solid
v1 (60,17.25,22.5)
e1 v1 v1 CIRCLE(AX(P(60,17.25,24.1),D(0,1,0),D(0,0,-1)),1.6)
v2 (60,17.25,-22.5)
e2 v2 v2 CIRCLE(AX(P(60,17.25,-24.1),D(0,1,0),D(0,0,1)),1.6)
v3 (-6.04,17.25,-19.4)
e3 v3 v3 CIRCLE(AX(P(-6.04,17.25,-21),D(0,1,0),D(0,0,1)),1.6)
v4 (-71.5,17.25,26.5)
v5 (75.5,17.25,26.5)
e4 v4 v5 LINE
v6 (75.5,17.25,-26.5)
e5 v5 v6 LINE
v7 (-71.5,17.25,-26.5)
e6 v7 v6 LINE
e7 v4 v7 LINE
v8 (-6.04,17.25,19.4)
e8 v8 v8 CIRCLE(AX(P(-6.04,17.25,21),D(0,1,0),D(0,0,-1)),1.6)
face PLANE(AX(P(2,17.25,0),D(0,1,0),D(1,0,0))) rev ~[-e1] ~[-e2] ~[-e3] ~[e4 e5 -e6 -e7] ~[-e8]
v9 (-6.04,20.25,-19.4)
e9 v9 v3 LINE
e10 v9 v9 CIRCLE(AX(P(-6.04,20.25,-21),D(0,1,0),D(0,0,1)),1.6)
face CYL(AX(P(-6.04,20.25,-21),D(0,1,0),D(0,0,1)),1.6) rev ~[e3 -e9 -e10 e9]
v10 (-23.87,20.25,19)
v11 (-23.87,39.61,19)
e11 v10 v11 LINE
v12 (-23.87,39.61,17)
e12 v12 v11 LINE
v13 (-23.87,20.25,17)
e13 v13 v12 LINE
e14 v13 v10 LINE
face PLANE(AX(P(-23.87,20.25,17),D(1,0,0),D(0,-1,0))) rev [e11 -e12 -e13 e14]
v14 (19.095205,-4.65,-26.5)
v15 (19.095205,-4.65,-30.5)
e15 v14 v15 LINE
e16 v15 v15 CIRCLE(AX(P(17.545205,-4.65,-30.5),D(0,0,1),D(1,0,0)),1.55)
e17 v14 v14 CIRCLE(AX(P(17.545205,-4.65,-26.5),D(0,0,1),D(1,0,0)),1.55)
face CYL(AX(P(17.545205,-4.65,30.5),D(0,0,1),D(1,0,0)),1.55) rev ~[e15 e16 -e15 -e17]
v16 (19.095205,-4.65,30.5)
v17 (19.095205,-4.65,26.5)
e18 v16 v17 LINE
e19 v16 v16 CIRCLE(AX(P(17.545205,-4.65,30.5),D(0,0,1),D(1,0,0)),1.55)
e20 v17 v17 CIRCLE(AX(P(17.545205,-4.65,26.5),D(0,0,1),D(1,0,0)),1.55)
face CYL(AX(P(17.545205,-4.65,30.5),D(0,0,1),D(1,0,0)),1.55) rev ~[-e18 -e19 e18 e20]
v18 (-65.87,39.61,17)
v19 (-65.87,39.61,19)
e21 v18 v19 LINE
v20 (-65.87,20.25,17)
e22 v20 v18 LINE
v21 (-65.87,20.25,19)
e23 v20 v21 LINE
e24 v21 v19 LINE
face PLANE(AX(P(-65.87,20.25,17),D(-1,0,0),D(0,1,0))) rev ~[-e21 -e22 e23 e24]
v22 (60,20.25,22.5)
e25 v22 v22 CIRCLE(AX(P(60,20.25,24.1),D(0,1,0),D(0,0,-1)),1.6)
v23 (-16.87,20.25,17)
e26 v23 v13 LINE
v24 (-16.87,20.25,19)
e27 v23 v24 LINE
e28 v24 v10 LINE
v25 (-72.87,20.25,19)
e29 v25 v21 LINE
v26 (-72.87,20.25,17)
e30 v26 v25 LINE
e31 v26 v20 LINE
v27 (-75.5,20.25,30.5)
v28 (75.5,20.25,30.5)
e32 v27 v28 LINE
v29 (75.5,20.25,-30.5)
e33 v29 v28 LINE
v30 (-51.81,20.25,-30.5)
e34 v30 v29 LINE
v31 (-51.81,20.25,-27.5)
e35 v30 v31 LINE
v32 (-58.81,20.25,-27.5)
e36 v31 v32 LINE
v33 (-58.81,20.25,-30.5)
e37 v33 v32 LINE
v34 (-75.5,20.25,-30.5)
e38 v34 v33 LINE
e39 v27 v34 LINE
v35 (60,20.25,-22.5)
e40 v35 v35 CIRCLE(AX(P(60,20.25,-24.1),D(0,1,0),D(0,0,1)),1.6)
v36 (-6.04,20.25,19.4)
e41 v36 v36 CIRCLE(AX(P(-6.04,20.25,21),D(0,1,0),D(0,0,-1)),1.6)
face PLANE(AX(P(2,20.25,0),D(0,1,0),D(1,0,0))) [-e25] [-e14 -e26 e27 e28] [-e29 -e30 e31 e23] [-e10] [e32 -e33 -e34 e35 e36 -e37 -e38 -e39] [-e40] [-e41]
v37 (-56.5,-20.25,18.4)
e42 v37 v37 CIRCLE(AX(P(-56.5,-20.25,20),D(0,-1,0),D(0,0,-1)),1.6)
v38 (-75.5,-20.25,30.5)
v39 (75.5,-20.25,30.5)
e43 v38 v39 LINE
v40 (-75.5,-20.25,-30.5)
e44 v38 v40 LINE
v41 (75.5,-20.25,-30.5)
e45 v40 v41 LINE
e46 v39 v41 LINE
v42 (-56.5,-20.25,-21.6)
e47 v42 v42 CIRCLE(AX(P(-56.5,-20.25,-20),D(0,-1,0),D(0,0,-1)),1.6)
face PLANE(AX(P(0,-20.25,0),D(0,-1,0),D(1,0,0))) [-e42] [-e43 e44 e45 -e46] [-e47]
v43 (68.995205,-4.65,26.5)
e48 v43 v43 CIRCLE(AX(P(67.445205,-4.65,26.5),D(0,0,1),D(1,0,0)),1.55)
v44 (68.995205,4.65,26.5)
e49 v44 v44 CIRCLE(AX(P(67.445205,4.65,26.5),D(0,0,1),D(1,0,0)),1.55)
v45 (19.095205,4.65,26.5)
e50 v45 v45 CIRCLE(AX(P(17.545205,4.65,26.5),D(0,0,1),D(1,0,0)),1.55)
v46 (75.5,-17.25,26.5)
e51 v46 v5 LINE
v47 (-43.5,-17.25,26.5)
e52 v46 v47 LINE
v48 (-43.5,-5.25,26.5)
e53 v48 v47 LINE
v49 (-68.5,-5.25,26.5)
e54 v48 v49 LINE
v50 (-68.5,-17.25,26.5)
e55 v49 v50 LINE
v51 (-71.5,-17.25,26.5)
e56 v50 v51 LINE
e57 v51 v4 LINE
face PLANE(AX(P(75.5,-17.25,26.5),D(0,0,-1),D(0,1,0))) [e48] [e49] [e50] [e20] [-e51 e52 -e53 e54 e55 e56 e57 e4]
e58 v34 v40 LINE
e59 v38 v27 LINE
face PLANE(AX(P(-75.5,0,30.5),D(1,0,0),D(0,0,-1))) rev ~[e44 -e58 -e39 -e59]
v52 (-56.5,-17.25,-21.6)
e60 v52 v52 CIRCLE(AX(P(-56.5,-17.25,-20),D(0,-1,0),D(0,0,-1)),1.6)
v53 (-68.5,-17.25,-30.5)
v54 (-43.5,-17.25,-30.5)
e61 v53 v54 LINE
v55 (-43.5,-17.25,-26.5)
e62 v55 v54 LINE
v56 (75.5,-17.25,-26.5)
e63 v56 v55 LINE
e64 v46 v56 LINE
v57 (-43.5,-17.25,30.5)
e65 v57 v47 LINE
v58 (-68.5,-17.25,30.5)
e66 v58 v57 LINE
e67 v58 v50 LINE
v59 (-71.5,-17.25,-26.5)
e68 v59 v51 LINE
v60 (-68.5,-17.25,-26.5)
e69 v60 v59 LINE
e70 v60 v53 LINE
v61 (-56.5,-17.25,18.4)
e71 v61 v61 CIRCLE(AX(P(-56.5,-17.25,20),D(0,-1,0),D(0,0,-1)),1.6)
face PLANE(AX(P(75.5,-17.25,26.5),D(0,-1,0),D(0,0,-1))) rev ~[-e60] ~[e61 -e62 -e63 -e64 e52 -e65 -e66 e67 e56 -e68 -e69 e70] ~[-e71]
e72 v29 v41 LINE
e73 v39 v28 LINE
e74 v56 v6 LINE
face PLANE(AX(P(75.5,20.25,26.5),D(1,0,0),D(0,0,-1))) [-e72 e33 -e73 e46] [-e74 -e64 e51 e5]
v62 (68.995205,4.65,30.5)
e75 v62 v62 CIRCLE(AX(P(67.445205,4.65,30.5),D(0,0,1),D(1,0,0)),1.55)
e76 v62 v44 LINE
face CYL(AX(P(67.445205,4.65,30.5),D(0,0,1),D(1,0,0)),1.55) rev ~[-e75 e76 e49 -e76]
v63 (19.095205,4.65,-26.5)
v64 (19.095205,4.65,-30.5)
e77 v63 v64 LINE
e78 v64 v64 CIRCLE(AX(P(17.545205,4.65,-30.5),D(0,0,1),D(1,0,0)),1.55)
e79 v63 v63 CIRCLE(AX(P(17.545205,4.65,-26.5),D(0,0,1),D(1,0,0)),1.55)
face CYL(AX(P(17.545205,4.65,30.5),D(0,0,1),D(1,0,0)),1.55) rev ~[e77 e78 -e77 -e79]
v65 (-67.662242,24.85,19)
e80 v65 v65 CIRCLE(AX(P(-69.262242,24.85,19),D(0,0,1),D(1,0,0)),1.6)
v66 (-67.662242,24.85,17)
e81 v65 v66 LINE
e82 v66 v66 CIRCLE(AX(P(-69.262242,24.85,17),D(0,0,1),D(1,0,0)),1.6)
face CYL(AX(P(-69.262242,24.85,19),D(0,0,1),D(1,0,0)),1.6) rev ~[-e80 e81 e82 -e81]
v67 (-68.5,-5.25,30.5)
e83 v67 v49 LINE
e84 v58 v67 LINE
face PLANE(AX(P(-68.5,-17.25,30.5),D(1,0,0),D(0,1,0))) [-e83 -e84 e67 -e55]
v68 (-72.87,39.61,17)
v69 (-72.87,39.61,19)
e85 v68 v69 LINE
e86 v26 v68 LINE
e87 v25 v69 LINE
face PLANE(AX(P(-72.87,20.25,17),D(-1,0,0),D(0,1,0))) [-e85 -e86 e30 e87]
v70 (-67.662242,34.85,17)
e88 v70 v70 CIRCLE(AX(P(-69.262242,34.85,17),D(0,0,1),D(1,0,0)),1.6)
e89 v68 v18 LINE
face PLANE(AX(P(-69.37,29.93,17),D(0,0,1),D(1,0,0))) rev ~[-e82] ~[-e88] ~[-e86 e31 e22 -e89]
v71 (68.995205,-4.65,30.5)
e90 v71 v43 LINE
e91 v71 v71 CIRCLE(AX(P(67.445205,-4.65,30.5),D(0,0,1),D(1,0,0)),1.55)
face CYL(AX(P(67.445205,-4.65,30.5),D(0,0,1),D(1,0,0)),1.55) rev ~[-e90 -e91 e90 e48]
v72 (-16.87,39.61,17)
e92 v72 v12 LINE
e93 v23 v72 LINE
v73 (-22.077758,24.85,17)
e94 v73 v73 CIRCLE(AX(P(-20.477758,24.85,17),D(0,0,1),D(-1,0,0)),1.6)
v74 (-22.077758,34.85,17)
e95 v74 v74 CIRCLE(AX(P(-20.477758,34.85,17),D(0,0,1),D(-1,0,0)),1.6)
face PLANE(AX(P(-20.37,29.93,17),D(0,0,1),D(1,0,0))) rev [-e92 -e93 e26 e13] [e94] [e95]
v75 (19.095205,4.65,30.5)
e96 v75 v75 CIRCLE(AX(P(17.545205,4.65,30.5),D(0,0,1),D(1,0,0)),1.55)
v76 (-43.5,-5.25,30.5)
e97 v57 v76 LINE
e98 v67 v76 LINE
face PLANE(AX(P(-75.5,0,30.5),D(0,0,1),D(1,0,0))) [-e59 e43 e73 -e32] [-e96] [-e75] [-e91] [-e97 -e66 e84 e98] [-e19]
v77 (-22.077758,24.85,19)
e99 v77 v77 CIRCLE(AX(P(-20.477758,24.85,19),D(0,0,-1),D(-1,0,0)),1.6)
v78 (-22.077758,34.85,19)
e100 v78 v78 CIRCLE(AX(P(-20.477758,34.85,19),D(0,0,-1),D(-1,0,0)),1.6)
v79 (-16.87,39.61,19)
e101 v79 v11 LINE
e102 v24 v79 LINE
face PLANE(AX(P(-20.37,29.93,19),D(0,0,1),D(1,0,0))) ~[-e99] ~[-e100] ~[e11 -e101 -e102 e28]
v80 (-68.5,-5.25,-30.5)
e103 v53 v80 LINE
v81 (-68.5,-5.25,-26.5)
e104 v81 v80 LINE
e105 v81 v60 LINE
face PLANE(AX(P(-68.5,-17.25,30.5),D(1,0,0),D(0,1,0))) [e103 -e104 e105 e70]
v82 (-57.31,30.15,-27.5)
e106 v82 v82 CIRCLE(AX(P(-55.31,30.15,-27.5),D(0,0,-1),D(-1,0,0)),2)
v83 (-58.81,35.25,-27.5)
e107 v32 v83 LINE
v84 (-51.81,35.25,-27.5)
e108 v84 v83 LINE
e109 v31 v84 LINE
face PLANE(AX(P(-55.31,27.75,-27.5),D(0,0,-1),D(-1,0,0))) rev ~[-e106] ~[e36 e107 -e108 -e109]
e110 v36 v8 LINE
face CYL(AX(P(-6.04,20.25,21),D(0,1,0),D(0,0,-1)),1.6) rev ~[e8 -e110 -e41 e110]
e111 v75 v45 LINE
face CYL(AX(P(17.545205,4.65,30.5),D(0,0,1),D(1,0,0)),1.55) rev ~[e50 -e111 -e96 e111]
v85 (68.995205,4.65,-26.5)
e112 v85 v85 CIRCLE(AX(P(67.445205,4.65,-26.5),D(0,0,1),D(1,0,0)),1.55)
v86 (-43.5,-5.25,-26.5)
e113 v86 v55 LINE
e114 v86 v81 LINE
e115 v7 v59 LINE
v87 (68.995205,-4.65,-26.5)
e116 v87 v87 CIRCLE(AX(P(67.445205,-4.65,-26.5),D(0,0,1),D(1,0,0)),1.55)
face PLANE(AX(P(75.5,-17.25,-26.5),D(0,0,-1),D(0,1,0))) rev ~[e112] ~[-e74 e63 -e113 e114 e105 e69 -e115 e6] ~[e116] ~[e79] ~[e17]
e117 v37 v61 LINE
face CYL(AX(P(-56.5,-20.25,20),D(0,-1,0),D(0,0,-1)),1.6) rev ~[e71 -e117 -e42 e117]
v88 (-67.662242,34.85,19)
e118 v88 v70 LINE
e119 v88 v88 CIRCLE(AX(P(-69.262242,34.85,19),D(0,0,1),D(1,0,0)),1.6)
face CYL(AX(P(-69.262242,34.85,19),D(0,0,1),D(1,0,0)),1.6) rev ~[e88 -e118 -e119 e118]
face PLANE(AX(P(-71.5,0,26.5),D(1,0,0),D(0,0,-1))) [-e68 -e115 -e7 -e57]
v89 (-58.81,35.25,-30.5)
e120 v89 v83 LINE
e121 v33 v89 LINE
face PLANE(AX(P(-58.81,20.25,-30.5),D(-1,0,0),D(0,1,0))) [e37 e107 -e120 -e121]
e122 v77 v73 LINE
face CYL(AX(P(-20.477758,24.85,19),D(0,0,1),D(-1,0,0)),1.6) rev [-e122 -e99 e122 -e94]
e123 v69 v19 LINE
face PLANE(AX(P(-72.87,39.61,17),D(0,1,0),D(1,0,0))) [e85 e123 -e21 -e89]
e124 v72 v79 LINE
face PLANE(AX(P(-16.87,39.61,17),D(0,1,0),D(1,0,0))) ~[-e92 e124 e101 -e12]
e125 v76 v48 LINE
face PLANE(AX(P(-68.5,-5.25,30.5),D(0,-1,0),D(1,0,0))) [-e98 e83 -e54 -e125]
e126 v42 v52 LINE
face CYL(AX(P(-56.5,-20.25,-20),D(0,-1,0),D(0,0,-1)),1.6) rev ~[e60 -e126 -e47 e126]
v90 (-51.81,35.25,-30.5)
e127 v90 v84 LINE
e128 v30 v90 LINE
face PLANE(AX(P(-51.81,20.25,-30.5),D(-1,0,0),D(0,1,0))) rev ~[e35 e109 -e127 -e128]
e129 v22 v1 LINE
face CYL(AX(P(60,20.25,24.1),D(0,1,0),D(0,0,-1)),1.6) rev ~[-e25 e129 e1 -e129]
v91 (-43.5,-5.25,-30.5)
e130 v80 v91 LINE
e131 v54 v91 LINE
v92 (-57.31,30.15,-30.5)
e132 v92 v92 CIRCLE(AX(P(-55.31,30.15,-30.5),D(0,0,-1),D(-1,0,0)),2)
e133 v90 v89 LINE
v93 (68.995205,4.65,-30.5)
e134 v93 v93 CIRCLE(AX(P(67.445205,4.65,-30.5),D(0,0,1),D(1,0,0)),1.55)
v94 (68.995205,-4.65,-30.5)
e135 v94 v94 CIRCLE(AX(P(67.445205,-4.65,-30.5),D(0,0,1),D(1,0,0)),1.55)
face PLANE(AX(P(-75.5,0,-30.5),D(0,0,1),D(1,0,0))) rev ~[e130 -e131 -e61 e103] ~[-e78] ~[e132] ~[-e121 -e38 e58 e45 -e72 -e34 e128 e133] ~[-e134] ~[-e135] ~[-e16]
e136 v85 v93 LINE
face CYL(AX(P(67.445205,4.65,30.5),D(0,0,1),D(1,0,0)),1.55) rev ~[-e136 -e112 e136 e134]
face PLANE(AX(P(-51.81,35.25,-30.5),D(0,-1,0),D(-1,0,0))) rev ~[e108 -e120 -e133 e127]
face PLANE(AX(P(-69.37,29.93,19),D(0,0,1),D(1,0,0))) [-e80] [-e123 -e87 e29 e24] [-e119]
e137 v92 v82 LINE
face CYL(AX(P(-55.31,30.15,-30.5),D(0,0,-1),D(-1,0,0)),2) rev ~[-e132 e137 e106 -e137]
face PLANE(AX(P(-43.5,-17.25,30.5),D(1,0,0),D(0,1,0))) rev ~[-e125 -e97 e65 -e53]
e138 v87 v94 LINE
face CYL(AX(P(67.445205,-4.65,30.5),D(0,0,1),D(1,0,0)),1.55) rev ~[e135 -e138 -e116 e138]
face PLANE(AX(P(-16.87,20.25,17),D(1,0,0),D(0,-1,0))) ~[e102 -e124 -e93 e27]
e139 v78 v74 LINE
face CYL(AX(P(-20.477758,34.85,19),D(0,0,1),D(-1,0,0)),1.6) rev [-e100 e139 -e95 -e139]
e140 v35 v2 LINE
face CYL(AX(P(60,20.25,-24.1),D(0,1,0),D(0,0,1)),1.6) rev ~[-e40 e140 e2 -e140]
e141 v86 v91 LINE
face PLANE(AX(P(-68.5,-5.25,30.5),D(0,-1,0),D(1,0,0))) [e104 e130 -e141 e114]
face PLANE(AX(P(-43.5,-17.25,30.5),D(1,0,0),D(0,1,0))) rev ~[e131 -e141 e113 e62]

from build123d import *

# Parameters (mm, degrees)
SKETCH1_W           = 151
SKETCH1_H           = 61
SKETCH1_W_2         = 143
SKETCH1_H_2         = 53
BOSS_EXTRUDE1_DEPTH = 20.25
SKETCH2_W           = 143
SKETCH2_H           = 53
BOSS_EXTRUDE2_DEPTH = 3
SKETCH7_W           = 53
SKETCH7_H           = 37.5
CUT_EXTRUDE3_DEPTH  = 4
SKETCH9_W           = 147
SKETCH9_H           = 53
BOSS_EXTRUDE3_DEPTH = 3
CUT_EXTRUDE4_REACH  = 92.944
SKETCH10_R          = 1.6
SKETCH12_R          = 1.55
CUT_EXTRUDE6_DEPTH  = 100.152975245
SKETCH13_W          = 7
SKETCH13_H          = 19.36
BOSS_EXTRUDE4_DEPTH = 2
SKETCH16_R          = 1.6
CUT_EXTRUDE7_DEPTH  = 10
SKETCH17_W          = 7
SKETCH17_H          = 15
SKETCH17_R          = 2
BOSS_EXTRUDE5_DEPTH = 3
SKETCH18_R          = 1.6
CUT_EXTRUDE8_DEPTH  = 10
SKETCH19_W          = 25
SKETCH19_H          = 12
CUT_EXTRUDE9_DEPTH  = 105.834164756


with BuildPart() as part:
    # Sketch1 → Boss-Extrude1 (new, symmetric)
    with BuildSketch(Plane(origin=(0, 0, 0), x_dir=(1, 0, 0), z_dir=(0, 1, 0))):
        Rectangle(SKETCH1_W, SKETCH1_H)
        Rectangle(SKETCH1_W_2, SKETCH1_H_2, mode=Mode.SUBTRACT)
    extrude(amount=BOSS_EXTRUDE1_DEPTH, both=True)

    # Sketch2 → Boss-Extrude2 (add)
    with BuildSketch(Plane.XZ.offset(20.25)):
        Rectangle(SKETCH2_W, SKETCH2_H)
    extrude(amount=-BOSS_EXTRUDE2_DEPTH)

    # Sketch7 → Cut-Extrude3 (cut)
    with BuildSketch(Plane(origin=(75.5, 0, 0), x_dir=(0, 0, -1), z_dir=(1, 0, 0))):
        with Locations((0, 1.5)):
            Rectangle(SKETCH7_W, SKETCH7_H)
    extrude(amount=-CUT_EXTRUDE3_DEPTH, mode=Mode.SUBTRACT)

    # Sketch9 → Boss-Extrude3 (add)
    with BuildSketch(Plane(origin=(0, 20.25, 0), x_dir=(1, 0, 0), z_dir=(0, 1, 0))):
        with Locations((2, 0)):
            Rectangle(SKETCH9_W, SKETCH9_H)
    extrude(amount=-BOSS_EXTRUDE3_DEPTH)

    # Sketch10 → Cut-Extrude4 (cut, up to next)
    with BuildSketch(Plane(origin=(0, 20.25, 0), x_dir=(1, 0, 0), z_dir=(0, 1, 0)), mode=Mode.PRIVATE) as cut_extrude4_sk1:
        with Locations(Location((60, 24.1, 0), (0, 0, 270))):
            Circle(SKETCH10_R)
    cut_extrude4_tool1 = extrude(cut_extrude4_sk1.sketch, amount=-CUT_EXTRUDE4_REACH, mode=Mode.PRIVATE) & part.part
    # Sketch10 → Cut-Extrude4 (cut, up to next)
    with BuildSketch(Plane(origin=(0, 20.25, 0), x_dir=(1, 0, 0), z_dir=(0, 1, 0)), mode=Mode.PRIVATE) as cut_extrude4_sk2:
        with Locations(Location((60, -24.1, 0), (0, 0, 90))):
            Circle(SKETCH10_R)
    cut_extrude4_tool2 = extrude(cut_extrude4_sk2.sketch, amount=-CUT_EXTRUDE4_REACH, mode=Mode.PRIVATE) & part.part
    # Sketch10 → Cut-Extrude4 (cut, up to next)
    with BuildSketch(Plane(origin=(0, 20.25, 0), x_dir=(1, 0, 0), z_dir=(0, 1, 0)), mode=Mode.PRIVATE) as cut_extrude4_sk3:
        with Locations(Location((-6.04, 21, 0), (0, 0, 270))):
            Circle(SKETCH10_R)
    cut_extrude4_tool3 = extrude(cut_extrude4_sk3.sketch, amount=-CUT_EXTRUDE4_REACH, mode=Mode.PRIVATE) & part.part
    # Sketch10 → Cut-Extrude4 (cut, up to next)
    with BuildSketch(Plane(origin=(0, 20.25, 0), x_dir=(1, 0, 0), z_dir=(0, 1, 0)), mode=Mode.PRIVATE) as cut_extrude4_sk4:
        with Locations(Location((-6.04, -21, 0), (0, 0, 90))):
            Circle(SKETCH10_R)
    cut_extrude4_tool4 = extrude(cut_extrude4_sk4.sketch, amount=-CUT_EXTRUDE4_REACH, mode=Mode.PRIVATE) & part.part
    add(cut_extrude4_tool1.solids().sort_by_distance((60, 20.25, -24.1))[0], mode=Mode.SUBTRACT)
    add(cut_extrude4_tool2.solids().sort_by_distance((60, 20.25, 24.1))[0], mode=Mode.SUBTRACT)
    add(cut_extrude4_tool3.solids().sort_by_distance((-6.04, 20.25, -21))[0], mode=Mode.SUBTRACT)
    add(cut_extrude4_tool4.solids().sort_by_distance((-6.04, 20.25, 21))[0], mode=Mode.SUBTRACT)

    # Sketch12 → Cut-Extrude6 (cut, through all)
    with BuildSketch(Plane.XY.offset(30.5)):
        with Locations((67.445205237, 4.65)):
            Circle(SKETCH12_R)
        with Locations((67.445205237, -4.65)):
            Circle(SKETCH12_R)
        with Locations((17.545205237, 4.65)):
            Circle(SKETCH12_R)
        with Locations((17.545205237, -4.65)):
            Circle(SKETCH12_R)
    extrude(amount=-CUT_EXTRUDE6_DEPTH, mode=Mode.SUBTRACT)

    # Sketch13 → Boss-Extrude4 (add)
    with BuildSketch(Plane.XY.offset(17)):
        with Locations((-69.37, 29.93)):
            Rectangle(SKETCH13_W, SKETCH13_H)
    boss_extrude4 = extrude(amount=BOSS_EXTRUDE4_DEPTH)

    # Sketch16 → Cut-Extrude7 (cut)
    with BuildSketch(Plane.XY.offset(19)):
        with Locations((-69.262241782, 24.85)):
            Circle(SKETCH16_R)
        with Locations((-69.262241782, 34.85)):
            Circle(SKETCH16_R)
    cut_extrude7 = extrude(amount=-CUT_EXTRUDE7_DEPTH, mode=Mode.SUBTRACT)

    # Mirror1: Boss-Extrude4, Cut-Extrude7 across plane
    add(boss_extrude4.mirror(Plane(origin=(-44.87, 0, 0), x_dir=(0, 0, 1), z_dir=(1, 0, 0))))
    add(cut_extrude7.mirror(Plane(origin=(-44.87, 0, 0), x_dir=(0, 0, 1), z_dir=(1, 0, 0))), mode=Mode.SUBTRACT)

    # Sketch17 → Boss-Extrude5 (add)
    with BuildSketch(Plane(origin=(0, 0, -30.5), x_dir=(-1, 0, 0), z_dir=(0, 0, -1))):
        with Locations((55.31, 27.75)):
            Rectangle(SKETCH17_W, SKETCH17_H)
        with Locations((55.31, 30.15)):
            Circle(SKETCH17_R, mode=Mode.SUBTRACT)
    extrude(amount=-BOSS_EXTRUDE5_DEPTH)

    # Sketch18 → Cut-Extrude8 (cut)
    with BuildSketch(Plane.XZ.offset(20.25)):
        with Locations(Location((-56.5, 20, 0), (0, 0, 270))):
            Circle(SKETCH18_R)
        with Locations(Location((-56.5, -20, 0), (0, 0, 270))):
            Circle(SKETCH18_R)
    extrude(amount=-CUT_EXTRUDE8_DEPTH, mode=Mode.SUBTRACT)

    # Sketch19 → Cut-Extrude9 (cut, through all)
    with BuildSketch(Plane.XY.offset(30.5)):
        with Locations((-56, -11.25)):
            Rectangle(SKETCH19_W, SKETCH19_H)
    extrude(amount=-CUT_EXTRUDE9_DEPTH, mode=Mode.SUBTRACT)


solid = part.part
